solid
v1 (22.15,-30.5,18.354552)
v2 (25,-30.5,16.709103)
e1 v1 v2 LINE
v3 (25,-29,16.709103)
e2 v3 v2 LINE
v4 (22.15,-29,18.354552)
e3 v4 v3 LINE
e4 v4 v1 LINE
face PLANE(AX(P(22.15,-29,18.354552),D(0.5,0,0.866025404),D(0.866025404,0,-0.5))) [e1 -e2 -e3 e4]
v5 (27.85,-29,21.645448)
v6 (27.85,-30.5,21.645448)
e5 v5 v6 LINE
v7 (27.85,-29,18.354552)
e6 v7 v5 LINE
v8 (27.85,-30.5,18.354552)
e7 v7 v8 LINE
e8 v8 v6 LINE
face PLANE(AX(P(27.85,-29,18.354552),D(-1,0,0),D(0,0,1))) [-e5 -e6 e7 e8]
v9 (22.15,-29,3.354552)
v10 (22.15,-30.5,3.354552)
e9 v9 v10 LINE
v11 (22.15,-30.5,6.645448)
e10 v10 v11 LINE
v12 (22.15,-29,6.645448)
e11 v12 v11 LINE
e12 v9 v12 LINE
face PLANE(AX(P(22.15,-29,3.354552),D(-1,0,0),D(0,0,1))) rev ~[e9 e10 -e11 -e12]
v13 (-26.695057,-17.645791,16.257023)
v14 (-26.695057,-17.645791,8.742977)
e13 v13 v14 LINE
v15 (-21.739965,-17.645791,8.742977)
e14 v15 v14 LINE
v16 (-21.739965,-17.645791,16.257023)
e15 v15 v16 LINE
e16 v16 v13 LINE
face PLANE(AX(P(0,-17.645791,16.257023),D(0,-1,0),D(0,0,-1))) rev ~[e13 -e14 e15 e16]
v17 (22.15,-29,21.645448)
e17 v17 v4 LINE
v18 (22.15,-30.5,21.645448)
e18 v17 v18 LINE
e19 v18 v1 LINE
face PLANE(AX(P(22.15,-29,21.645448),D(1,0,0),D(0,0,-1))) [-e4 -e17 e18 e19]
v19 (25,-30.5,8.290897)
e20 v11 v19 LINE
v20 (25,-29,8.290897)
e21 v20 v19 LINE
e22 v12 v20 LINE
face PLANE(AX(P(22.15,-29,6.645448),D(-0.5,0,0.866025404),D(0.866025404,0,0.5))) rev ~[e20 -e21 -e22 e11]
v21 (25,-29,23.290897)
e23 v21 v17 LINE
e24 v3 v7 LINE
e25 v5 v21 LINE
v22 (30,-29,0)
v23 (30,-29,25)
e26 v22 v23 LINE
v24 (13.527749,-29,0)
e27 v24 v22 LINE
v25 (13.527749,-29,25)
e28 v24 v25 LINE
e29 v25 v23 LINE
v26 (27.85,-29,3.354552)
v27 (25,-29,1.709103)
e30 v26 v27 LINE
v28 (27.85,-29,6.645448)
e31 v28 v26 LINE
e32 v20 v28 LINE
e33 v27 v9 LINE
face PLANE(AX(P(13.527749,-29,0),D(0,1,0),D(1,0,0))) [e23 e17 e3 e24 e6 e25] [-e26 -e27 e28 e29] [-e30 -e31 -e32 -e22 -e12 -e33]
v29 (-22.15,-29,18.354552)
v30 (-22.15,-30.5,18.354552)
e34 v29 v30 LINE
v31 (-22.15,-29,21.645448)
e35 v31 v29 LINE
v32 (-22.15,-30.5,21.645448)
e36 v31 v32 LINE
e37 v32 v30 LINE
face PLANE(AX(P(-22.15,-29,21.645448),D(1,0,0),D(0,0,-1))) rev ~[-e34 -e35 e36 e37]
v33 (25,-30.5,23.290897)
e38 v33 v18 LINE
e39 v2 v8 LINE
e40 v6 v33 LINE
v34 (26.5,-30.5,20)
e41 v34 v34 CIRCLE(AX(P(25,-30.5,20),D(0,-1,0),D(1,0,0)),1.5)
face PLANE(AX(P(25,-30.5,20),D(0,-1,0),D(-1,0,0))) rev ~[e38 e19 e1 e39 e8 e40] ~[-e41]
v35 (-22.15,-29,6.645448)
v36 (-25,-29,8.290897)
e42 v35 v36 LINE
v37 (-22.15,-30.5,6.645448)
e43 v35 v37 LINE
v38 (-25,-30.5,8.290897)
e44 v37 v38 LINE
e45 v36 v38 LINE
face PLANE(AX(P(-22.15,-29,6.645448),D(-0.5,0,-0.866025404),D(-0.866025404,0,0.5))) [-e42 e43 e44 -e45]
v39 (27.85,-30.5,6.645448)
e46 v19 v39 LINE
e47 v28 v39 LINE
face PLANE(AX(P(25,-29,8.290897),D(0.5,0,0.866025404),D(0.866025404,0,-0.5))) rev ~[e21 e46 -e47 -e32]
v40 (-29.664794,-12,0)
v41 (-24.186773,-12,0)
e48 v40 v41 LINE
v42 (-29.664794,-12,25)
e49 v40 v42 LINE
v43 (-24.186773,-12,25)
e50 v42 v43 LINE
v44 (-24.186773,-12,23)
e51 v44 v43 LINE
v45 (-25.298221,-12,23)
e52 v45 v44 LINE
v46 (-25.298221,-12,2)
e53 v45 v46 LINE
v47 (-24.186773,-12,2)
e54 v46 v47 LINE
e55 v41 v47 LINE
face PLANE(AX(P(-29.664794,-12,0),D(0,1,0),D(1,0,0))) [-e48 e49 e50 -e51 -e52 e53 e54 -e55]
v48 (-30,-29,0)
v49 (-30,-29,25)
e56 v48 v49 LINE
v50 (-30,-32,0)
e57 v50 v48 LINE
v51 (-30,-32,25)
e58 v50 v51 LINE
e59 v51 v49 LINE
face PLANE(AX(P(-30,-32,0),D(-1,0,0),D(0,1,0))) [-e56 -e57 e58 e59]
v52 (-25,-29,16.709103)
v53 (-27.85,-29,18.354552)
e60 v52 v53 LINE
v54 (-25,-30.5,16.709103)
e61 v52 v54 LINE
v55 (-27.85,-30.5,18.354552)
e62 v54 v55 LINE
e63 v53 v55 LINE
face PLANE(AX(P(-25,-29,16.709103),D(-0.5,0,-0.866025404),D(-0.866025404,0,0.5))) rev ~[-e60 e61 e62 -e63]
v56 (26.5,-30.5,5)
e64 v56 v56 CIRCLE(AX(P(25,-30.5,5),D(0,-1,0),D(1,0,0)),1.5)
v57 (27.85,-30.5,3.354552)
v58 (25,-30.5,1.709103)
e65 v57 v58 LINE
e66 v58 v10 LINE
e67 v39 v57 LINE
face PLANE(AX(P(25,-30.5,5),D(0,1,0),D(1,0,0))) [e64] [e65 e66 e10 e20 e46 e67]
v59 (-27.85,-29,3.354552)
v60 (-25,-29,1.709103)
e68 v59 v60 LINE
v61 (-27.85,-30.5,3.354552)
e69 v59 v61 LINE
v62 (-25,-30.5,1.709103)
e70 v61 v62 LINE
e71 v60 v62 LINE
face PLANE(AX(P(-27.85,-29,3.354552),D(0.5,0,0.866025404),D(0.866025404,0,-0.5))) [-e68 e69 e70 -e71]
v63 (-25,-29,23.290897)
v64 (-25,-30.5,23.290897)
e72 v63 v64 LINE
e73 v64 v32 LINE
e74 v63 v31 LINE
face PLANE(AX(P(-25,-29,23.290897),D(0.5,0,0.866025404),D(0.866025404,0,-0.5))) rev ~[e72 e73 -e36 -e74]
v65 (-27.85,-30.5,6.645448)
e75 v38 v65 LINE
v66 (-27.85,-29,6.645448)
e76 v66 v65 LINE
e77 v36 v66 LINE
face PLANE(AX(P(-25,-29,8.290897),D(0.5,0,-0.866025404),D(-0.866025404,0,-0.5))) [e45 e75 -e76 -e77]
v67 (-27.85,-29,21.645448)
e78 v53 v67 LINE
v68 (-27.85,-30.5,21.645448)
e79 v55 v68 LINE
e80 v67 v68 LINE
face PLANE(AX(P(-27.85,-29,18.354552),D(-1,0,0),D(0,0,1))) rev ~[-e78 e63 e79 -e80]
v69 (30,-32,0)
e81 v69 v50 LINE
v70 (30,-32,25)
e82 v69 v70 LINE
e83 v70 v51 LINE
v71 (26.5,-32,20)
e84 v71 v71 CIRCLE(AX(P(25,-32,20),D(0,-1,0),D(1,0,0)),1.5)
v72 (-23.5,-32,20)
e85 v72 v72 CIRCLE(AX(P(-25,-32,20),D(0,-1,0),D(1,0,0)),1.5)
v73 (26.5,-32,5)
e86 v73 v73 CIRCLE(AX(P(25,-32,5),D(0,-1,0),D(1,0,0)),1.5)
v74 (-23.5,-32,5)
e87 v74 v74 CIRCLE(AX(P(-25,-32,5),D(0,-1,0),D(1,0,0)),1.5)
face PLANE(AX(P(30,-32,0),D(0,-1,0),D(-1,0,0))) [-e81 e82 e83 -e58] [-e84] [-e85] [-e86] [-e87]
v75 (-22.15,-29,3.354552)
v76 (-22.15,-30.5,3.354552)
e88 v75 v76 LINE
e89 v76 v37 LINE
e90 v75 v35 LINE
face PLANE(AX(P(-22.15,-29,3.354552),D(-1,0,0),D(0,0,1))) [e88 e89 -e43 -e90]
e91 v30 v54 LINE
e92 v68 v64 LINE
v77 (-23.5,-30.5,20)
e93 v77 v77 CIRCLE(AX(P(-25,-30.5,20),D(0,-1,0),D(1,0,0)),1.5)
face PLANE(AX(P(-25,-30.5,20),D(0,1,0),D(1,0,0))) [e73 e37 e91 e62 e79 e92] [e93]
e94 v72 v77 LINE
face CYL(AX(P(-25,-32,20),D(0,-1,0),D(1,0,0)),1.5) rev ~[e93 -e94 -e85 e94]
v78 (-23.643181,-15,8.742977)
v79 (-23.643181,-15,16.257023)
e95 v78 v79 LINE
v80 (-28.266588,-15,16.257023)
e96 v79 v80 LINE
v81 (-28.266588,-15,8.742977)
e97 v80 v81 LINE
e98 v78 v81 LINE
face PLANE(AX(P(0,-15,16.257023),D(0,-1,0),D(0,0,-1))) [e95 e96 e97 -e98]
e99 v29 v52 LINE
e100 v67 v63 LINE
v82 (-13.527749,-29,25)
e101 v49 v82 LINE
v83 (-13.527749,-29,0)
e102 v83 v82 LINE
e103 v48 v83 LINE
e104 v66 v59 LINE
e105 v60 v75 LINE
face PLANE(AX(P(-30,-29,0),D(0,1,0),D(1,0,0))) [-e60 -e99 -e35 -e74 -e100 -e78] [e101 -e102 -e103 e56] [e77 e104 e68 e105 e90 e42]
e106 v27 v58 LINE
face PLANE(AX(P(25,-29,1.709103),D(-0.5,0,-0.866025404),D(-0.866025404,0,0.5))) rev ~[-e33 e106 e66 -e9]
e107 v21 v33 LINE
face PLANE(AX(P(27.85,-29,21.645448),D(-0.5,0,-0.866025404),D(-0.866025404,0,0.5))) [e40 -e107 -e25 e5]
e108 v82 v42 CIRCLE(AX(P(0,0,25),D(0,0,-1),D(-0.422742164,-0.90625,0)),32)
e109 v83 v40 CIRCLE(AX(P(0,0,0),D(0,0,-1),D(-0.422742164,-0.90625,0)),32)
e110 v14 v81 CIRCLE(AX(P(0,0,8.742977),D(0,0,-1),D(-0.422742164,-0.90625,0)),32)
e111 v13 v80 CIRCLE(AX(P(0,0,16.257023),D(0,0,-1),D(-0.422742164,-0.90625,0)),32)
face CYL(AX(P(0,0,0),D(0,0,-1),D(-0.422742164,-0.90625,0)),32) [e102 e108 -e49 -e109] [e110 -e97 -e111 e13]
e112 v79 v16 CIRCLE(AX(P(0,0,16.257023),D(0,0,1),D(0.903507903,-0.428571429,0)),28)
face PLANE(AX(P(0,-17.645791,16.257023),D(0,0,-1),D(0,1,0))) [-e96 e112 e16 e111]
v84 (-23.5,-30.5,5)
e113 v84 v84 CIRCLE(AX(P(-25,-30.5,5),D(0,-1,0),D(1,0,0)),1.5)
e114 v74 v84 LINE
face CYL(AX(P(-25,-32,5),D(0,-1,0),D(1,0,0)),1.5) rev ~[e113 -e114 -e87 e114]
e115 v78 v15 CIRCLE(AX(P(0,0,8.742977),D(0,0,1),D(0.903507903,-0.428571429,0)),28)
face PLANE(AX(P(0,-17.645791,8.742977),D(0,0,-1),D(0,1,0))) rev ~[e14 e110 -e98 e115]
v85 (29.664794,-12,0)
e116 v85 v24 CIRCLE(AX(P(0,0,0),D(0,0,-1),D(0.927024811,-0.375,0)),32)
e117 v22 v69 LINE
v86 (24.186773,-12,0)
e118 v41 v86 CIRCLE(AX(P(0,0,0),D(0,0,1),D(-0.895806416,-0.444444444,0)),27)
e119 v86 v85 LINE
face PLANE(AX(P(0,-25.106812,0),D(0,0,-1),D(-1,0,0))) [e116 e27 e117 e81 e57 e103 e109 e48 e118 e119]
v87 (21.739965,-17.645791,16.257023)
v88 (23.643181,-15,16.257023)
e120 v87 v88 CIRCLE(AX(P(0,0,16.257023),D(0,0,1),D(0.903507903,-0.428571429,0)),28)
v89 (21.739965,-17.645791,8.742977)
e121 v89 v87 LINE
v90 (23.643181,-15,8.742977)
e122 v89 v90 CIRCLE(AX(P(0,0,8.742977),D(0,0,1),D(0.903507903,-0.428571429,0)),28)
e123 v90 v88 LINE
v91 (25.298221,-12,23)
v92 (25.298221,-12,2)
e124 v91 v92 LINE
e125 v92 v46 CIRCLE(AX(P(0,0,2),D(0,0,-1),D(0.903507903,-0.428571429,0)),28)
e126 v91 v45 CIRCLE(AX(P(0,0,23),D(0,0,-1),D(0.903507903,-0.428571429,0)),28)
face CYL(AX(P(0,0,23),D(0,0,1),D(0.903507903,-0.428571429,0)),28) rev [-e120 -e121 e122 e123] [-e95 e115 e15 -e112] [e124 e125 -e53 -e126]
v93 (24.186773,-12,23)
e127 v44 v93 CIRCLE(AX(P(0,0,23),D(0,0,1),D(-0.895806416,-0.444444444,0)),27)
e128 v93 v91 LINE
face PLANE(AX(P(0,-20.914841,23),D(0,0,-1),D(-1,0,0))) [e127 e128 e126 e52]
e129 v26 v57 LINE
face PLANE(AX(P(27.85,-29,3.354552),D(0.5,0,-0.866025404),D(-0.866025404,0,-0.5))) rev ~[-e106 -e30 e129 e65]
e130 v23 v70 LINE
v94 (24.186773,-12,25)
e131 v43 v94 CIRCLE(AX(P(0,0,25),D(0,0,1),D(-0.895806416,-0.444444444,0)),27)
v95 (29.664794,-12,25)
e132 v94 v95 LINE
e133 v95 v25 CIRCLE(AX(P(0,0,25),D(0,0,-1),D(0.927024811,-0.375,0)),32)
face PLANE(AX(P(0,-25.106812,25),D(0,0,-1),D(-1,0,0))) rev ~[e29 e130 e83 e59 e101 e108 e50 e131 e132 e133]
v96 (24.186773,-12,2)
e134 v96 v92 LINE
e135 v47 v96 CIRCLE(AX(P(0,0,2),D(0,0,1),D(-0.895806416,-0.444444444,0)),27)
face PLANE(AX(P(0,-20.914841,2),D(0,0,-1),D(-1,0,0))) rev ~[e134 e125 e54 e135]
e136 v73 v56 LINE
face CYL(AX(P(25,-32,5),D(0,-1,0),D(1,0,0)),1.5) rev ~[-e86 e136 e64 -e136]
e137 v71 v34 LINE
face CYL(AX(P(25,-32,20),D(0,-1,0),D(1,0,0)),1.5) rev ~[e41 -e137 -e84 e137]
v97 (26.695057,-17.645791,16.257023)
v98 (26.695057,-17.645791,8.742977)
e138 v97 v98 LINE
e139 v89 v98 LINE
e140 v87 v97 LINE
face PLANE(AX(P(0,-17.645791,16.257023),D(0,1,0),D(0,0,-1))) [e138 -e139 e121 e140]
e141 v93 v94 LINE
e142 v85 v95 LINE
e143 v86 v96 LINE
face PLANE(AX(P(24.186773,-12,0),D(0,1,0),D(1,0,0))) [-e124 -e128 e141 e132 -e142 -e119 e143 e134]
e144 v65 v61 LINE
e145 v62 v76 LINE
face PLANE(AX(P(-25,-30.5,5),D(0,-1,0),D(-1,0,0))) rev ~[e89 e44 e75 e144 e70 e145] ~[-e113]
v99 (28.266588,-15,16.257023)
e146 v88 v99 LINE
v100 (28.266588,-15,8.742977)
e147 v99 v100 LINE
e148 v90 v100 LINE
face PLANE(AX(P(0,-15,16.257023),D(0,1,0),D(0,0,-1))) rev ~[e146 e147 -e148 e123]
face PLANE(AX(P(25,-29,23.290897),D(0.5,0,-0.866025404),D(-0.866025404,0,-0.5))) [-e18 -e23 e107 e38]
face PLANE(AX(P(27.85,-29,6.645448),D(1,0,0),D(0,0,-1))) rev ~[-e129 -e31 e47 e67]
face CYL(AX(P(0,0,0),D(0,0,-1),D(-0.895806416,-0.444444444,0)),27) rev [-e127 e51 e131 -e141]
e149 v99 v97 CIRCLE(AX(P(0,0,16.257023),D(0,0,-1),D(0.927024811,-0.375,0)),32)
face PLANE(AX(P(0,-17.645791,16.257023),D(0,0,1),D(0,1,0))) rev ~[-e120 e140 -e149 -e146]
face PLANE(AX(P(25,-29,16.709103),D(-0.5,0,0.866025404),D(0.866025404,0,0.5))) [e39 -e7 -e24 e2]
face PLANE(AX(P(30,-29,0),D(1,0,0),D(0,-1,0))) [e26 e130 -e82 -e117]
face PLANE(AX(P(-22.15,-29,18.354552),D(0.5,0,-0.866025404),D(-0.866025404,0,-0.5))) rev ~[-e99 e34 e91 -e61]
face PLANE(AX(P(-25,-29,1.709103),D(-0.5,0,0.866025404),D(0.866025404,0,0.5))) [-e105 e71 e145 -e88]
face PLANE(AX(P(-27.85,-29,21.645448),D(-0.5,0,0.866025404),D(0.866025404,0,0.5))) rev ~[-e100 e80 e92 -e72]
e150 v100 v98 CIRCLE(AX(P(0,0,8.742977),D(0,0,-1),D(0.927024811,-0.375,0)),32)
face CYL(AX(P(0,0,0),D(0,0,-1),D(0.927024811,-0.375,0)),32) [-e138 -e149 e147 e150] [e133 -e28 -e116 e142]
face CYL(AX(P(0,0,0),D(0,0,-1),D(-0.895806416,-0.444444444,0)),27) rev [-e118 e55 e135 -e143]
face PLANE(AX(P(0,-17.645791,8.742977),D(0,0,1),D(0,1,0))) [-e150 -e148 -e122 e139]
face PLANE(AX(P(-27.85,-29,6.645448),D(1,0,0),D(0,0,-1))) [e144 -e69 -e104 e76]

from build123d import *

# Parameters (mm, degrees)
EXTRUDE_1_DEPTH          = 25
SKETCH_2_W               = 7.514045852
SKETCH_2_H               = 2.645790793
CUT_EXTRUDE_1_DEPTH      = 109
CUT_EXTRUDE_1_DEPTH_BACK = 54
SKETCH_3_R               = 1.5
CUT_EXTRUDE_2_DEPTH      = 7
CUT_EXTRUDE_START        = -2
CUT_EXTRUDE_3_DEPTH      = 21
CUT_EXTRUDE_4_DEPTH      = 1.5


with BuildPart() as part:
    # 草图1 → 凸台-拉伸1 (new body)
    with BuildSketch(Plane.XY):
        with BuildLine():
            Line((30, -32), (-30, -32))
            Line((-30, -32), (-30, -29))
            Line((-30, -29), (-13.527749258, -29))
            ThreePointArc((-13.527749258, -29), (-23.208811843, -22.030684348), (-29.664793948, -12))
            Line((-29.664793948, -12), (-24.186773245, -12))
            ThreePointArc((-24.186773245, -12), (0, -27), (24.186773245, -12))
            Line((24.186773245, -12), (29.664793948, -12))
            ThreePointArc((29.664793948, -12), (23.208811843, -22.030684348), (13.527749258, -29))
            Line((13.527749258, -29), (30, -29))
            Line((30, -29), (30, -32))
        make_face()
    extrude(amount=EXTRUDE_1_DEPTH)

    # 草图2 → 切除-拉伸1 (cut, two sides)
    with BuildSketch(Plane(origin=(0, 0, 0), x_dir=(0, 0, -1), z_dir=(1, 0, 0))) as cut_extrude_1_sk:
        with Locations((-12.5, -16.322895397)):
            Rectangle(SKETCH_2_W, SKETCH_2_H)
    extrude(amount=CUT_EXTRUDE_1_DEPTH, mode=Mode.SUBTRACT)
    extrude(cut_extrude_1_sk.sketch, amount=-CUT_EXTRUDE_1_DEPTH_BACK, mode=Mode.SUBTRACT)

    # 草图3 → 切除-拉伸2 (cut)
    with BuildSketch(Plane.XZ.offset(32)):
        with Locations((-25, 20)):
            Circle(SKETCH_3_R)
        with Locations((25, 20)):
            Circle(SKETCH_3_R)
        with Locations((25, 5)):
            Circle(SKETCH_3_R)
        with Locations((-25, 5)):
            Circle(SKETCH_3_R)
    extrude(amount=-CUT_EXTRUDE_2_DEPTH, mode=Mode.SUBTRACT)

    # 草图4 → 切除-拉伸3 (cut)
    with BuildSketch(Plane.XY.offset(25).offset(CUT_EXTRUDE_START)):
        with BuildLine():
            Line((24.186773245, -12), (25.298221281, -12))
            ThreePointArc((25.298221281, -12), (0, -28), (-25.298221281, -12))
            Line((-25.298221281, -12), (-24.186773245, -12))
            ThreePointArc((-24.186773245, -12), (0, -27), (24.186773245, -12))
        make_face()
    extrude(amount=-CUT_EXTRUDE_3_DEPTH, mode=Mode.SUBTRACT)

    # 草图5 → 切除-拉伸4 (cut)
    with BuildSketch(Plane(origin=(0, -29, 0), x_dir=(1, 0, 0), z_dir=(0, 1, 0))):
        Polygon((-25, -23.290896534), (-22.15, -21.645448267), (-22.15, -18.354551733), (-25, -16.709103466), (-27.85, -18.354551733), (-27.85, -21.645448267), align=None)
        Polygon((27.85, -21.645448267), (25, -23.290896534), (22.15, -21.645448267), (22.15, -18.354551733), (25, -16.709103466), (27.85, -18.354551733), align=None)
        Polygon((25, -1.709103466), (22.15, -3.354551733), (22.15, -6.645448267), (25, -8.290896534), (27.85, -6.645448267), (27.85, -3.354551733), align=None)
        Polygon((-27.85, -3.354551733), (-25, -1.709103466), (-22.15, -3.354551733), (-22.15, -6.645448267), (-25, -8.290896534), (-27.85, -6.645448267), align=None)
    extrude(amount=-CUT_EXTRUDE_4_DEPTH, mode=Mode.SUBTRACT)


solid = part.part
